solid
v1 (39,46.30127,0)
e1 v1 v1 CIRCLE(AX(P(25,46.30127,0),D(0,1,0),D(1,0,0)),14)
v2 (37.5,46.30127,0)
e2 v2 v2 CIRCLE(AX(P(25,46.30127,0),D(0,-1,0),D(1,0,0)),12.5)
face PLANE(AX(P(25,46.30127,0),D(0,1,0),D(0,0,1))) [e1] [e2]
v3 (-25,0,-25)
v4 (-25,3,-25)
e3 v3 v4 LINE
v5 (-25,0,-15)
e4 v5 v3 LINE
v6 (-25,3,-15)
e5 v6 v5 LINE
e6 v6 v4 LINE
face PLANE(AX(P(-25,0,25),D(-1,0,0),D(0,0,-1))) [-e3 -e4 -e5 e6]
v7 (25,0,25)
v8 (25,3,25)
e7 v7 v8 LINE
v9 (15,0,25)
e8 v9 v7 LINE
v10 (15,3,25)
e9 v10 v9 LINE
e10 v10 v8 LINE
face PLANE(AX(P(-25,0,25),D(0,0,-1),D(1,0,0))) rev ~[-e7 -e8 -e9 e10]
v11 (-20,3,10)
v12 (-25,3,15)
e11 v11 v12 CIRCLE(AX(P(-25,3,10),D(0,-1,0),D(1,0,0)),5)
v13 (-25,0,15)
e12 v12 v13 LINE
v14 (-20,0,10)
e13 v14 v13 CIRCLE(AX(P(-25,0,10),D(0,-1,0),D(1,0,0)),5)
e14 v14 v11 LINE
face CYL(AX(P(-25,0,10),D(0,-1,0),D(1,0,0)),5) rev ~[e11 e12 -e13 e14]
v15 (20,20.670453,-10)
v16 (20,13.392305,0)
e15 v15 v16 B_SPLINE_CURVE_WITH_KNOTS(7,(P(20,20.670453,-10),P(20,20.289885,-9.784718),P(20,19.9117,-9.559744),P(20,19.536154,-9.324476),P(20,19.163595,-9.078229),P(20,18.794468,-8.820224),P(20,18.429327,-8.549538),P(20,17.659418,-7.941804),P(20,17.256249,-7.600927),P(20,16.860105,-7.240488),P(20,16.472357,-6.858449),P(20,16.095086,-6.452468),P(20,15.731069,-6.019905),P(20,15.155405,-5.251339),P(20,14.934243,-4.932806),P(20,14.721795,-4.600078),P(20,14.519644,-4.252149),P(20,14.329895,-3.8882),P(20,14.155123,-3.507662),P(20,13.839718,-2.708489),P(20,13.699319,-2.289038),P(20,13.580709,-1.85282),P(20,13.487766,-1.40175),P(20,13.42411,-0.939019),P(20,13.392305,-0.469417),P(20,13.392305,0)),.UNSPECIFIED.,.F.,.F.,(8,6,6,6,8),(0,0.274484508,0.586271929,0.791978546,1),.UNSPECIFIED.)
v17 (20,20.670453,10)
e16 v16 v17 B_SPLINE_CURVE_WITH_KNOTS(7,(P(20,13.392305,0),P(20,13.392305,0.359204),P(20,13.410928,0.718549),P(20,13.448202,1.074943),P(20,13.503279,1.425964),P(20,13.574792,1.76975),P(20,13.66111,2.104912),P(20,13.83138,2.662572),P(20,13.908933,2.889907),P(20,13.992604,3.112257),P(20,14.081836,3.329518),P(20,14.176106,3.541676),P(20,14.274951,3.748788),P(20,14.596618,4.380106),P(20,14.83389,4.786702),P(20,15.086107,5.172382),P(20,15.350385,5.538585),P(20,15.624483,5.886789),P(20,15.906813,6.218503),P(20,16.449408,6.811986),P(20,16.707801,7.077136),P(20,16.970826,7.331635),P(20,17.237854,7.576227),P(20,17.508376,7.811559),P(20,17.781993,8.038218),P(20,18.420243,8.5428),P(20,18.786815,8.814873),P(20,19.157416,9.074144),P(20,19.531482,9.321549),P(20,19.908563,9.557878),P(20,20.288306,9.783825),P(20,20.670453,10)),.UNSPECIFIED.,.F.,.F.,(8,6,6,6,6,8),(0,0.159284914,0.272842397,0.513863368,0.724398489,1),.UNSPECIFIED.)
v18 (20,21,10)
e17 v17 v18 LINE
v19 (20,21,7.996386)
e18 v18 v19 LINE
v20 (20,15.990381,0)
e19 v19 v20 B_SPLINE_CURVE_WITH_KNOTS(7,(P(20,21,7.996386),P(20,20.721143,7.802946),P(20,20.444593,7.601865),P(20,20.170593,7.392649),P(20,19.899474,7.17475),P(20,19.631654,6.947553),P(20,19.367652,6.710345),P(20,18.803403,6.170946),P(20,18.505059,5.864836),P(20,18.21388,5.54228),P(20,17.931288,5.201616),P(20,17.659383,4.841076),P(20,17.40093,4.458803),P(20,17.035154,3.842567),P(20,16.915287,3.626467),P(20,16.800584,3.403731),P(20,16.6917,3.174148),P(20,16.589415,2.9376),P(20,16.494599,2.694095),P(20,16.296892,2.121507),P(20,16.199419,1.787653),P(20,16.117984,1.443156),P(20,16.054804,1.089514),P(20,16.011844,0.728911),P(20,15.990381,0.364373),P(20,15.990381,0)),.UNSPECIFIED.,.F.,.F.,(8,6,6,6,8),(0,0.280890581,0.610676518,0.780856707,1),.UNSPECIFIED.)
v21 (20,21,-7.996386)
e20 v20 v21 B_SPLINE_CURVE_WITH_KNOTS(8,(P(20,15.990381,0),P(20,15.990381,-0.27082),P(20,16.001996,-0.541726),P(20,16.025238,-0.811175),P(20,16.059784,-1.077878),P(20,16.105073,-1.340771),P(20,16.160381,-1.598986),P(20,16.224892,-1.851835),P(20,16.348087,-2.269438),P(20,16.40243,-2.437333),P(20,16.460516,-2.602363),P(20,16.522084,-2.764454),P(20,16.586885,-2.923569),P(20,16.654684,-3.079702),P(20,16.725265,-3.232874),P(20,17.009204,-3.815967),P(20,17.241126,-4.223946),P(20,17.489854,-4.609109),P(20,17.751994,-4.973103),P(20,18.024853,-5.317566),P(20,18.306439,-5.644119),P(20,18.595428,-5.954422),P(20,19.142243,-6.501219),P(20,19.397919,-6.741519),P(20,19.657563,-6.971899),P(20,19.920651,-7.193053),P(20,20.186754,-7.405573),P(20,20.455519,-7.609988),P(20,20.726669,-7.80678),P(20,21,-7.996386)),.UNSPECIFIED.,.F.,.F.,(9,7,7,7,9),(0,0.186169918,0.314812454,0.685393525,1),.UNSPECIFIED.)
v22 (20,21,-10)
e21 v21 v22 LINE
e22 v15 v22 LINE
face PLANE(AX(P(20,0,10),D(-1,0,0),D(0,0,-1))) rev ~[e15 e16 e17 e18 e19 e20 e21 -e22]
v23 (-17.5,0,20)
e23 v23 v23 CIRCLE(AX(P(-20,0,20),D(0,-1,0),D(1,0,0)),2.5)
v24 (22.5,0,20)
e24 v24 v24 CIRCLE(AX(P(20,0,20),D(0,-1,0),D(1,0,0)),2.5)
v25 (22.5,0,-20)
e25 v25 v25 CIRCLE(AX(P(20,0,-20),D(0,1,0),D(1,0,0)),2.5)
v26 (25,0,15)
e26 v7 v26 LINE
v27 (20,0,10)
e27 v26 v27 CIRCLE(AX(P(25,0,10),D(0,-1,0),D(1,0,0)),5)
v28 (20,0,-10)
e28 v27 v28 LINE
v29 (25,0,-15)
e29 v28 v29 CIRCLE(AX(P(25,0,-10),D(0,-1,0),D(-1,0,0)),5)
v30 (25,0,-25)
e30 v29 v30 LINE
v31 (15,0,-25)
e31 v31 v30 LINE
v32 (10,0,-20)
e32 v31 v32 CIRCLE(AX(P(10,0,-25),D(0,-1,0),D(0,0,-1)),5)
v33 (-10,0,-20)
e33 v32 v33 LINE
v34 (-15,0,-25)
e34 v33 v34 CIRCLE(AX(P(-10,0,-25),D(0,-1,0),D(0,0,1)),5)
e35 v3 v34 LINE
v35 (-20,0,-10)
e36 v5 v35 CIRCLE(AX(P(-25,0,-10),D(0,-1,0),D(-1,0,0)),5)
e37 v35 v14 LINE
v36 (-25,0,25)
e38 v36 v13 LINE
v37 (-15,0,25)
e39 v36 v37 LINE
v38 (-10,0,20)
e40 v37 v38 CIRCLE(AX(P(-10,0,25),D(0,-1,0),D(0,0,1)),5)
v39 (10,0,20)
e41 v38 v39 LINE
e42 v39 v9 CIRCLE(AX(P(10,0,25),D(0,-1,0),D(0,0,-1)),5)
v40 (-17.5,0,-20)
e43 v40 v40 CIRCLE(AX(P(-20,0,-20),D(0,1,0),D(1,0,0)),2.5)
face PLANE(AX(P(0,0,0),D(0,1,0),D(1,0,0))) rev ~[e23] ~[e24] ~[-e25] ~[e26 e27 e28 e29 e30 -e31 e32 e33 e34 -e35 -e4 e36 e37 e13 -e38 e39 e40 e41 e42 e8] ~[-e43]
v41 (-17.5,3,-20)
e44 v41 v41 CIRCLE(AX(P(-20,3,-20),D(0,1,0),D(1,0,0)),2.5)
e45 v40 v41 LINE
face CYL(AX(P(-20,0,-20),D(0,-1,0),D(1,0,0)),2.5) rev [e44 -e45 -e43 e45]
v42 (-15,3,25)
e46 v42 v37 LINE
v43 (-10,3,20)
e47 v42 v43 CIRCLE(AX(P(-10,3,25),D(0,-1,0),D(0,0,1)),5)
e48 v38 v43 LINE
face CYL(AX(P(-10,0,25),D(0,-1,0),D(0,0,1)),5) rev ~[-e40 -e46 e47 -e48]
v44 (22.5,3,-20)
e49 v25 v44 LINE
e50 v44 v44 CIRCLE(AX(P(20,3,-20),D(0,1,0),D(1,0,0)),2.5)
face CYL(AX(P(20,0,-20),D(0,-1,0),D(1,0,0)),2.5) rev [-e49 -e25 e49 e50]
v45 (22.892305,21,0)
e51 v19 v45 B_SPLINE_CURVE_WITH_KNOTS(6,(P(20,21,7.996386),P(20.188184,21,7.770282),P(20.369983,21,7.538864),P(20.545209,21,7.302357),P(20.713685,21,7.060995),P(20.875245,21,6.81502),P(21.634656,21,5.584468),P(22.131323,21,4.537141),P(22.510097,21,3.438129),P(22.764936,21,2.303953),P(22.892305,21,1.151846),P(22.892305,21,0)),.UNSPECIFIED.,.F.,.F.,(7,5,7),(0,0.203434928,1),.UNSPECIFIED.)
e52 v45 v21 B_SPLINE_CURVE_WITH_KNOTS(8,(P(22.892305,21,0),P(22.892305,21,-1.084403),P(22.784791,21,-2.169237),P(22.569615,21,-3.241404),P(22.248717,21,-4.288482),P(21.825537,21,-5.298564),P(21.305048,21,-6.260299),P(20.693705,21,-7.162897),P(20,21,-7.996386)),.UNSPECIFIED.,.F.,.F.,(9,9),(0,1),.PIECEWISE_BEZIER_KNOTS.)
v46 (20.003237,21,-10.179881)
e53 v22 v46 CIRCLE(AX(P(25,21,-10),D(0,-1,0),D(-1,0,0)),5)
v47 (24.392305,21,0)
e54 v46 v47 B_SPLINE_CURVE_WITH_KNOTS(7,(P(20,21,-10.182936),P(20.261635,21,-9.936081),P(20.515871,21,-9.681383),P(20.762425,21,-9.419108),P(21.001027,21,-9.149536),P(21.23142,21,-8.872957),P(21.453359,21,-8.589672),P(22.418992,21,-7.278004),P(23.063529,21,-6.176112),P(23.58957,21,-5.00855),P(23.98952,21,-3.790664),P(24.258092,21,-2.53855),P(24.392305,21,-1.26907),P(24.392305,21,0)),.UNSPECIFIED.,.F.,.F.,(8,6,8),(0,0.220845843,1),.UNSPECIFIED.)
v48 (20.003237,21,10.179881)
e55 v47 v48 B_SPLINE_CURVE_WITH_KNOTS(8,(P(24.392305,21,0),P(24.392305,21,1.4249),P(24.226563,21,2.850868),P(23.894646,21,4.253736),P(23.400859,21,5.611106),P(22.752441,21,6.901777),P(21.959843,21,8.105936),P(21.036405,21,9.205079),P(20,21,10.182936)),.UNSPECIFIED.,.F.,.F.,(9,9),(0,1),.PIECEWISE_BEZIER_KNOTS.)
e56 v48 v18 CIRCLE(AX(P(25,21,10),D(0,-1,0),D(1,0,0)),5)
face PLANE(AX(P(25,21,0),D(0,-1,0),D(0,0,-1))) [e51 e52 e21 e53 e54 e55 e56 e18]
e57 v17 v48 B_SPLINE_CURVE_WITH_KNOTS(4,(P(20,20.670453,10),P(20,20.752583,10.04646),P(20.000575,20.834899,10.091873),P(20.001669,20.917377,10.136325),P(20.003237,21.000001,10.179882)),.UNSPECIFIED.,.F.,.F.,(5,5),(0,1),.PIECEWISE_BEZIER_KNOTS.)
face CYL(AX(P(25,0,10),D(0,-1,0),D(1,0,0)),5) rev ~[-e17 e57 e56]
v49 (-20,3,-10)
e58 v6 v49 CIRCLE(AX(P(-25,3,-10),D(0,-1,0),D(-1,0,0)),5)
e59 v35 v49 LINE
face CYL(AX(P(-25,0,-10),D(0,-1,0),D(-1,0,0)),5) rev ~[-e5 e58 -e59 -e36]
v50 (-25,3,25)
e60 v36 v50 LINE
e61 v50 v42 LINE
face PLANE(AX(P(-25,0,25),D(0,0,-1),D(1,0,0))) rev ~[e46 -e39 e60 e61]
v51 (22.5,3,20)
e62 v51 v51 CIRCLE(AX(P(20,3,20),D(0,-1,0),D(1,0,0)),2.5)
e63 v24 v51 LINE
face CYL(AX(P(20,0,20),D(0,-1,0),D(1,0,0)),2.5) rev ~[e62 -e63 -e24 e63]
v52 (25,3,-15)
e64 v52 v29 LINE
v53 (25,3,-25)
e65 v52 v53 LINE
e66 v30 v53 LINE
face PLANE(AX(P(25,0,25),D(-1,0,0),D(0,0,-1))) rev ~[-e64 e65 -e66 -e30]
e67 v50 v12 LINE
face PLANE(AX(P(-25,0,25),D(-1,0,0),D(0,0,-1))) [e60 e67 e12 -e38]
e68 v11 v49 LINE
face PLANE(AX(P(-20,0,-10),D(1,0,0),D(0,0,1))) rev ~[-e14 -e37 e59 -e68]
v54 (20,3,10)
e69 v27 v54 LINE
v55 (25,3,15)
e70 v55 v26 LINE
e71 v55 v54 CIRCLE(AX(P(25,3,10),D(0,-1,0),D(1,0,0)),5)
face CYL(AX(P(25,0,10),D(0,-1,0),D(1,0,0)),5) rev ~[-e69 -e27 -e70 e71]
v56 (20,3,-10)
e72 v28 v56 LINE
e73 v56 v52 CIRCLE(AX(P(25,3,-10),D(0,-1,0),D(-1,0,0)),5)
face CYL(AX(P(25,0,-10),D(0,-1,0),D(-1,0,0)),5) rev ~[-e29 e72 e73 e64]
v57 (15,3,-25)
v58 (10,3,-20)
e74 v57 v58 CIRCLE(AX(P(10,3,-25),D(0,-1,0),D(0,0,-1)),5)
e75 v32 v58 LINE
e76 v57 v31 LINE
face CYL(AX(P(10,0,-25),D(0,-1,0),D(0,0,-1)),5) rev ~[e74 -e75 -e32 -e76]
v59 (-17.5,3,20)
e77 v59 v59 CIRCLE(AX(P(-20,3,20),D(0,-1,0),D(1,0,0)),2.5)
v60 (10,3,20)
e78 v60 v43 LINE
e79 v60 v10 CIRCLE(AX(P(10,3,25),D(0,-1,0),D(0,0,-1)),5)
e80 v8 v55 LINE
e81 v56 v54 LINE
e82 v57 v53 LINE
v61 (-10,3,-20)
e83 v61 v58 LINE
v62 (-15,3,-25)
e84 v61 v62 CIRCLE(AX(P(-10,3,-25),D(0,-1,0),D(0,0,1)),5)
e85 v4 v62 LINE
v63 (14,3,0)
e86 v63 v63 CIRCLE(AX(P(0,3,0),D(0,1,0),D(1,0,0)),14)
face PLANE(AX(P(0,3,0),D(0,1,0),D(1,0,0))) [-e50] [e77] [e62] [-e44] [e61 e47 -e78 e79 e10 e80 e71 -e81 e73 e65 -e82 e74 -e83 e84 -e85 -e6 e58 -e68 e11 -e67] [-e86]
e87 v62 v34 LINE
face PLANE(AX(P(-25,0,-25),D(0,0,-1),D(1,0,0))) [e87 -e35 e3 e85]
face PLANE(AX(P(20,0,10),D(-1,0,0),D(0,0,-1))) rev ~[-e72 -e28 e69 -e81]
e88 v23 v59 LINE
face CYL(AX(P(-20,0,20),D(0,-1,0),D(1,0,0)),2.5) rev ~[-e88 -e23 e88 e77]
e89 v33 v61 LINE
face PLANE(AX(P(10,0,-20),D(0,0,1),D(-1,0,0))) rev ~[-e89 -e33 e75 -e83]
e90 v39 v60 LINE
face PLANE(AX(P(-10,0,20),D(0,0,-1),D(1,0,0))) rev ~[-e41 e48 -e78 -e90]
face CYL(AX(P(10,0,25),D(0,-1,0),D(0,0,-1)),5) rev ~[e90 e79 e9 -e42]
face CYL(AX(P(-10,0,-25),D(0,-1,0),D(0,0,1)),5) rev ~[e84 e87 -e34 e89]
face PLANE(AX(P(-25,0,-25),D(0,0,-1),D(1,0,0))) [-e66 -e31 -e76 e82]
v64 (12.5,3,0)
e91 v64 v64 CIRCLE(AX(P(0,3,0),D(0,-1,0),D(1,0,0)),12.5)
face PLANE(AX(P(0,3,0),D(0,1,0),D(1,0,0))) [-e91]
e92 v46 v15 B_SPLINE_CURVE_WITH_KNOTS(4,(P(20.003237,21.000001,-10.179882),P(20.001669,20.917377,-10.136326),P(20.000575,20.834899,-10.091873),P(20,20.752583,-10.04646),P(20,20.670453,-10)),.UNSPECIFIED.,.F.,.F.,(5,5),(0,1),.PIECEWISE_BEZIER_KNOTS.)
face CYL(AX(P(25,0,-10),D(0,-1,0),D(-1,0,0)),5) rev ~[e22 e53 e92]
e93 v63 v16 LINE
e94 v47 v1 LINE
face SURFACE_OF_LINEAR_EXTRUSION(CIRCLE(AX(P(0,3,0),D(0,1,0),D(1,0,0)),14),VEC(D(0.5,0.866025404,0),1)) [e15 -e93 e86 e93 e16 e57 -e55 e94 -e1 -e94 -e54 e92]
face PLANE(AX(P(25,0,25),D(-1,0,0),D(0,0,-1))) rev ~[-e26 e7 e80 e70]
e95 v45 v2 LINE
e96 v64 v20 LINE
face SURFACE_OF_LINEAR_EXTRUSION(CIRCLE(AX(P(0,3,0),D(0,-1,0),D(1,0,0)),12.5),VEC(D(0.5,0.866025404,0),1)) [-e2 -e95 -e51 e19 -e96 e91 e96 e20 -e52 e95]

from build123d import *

# Parameters (mm, degrees)
SKETCH1_W           = 50
SKETCH1_H           = 50
BOSS_EXTRUDE1_DEPTH = 3
SKETCH3_R           = 14
SKETCH3_R_2         = 12.5
SKETCH4_R           = 2.5
CUT_EXTRUDE13_DEPTH = 3
SKETCH8_R           = 2.5
CUT_EXTRUDE20_DEPTH = 3
CUT_EXTRUDE22_DEPTH = 21
CIRPATTERN4_COUNT   = 4


with BuildPart() as part:
    # Sketch1 → Boss-Extrude1 (new body)
    with BuildSketch(Plane(origin=(0, 0, 0), x_dir=(1, 0, 0), z_dir=(0, 1, 0))):
        Rectangle(SKETCH1_W, SKETCH1_H)
    extrude(amount=BOSS_EXTRUDE1_DEPTH)

    # Sweep1: sweep along a path in Sketch2
    with BuildLine(Plane.XY) as sweep1_path:
        Line((0, 3), (25, 46.301270189))
    # Sketch3 → Sweep1 (sweep)
    with BuildSketch(Plane(origin=(0, 3, 0), x_dir=(1, 0, 0), z_dir=(0, 1, 0))):
        Circle(SKETCH3_R)
        Circle(SKETCH3_R_2, mode=Mode.SUBTRACT)
    sweep(path=sweep1_path.line)

    # Sketch4 → Cut-Extrude13 (cut)
    with BuildSketch(Plane(origin=(0, 0, 0), x_dir=(1, 0, 0), z_dir=(0, 1, 0))):
        with Locations((-20, 20)):
            Circle(SKETCH4_R)
    cut_extrude13 = extrude(amount=CUT_EXTRUDE13_DEPTH, mode=Mode.SUBTRACT)

    # Sketch8 → Cut-Extrude20 (cut)
    with BuildSketch(Plane(origin=(0, 0, 0), x_dir=(1, 0, 0), z_dir=(0, 1, 0))):
        with Locations((20, 20)):
            Circle(SKETCH8_R)
    cut_extrude20 = extrude(amount=CUT_EXTRUDE20_DEPTH, mode=Mode.SUBTRACT)

    # Mirror1: Cut-Extrude20 across plane
    add(cut_extrude20.mirror(Plane.XY), mode=Mode.SUBTRACT)

    # Mirror2: Cut-Extrude13 across plane
    add(cut_extrude13.mirror(Plane.XY), mode=Mode.SUBTRACT)

    # Sketch9 → Cut-Extrude22 (cut)
    with BuildSketch(Plane(origin=(0, 0, 0), x_dir=(1, 0, 0), z_dir=(0, 1, 0))):
        with BuildLine():
            Line((-10, 30), (10, 30))
            ThreePointArc((10, 30), (15, 25), (10, 20))
            Line((10, 20), (-10, 20))
            ThreePointArc((-10, 20), (-15, 25), (-10, 30))
        make_face()
    cut_extrude22 = extrude(amount=CUT_EXTRUDE22_DEPTH, mode=Mode.SUBTRACT)

    # CirPattern4: Cut-Extrude22 ×4 about axis
    cirpattern4_axis = Axis((0, 17.053416503, 0), (0, 1, 0))
    for i in range(1, CIRPATTERN4_COUNT):
        add(cut_extrude22.rotate(cirpattern4_axis, i * 360 / CIRPATTERN4_COUNT), mode=Mode.SUBTRACT)


solid = part.part
